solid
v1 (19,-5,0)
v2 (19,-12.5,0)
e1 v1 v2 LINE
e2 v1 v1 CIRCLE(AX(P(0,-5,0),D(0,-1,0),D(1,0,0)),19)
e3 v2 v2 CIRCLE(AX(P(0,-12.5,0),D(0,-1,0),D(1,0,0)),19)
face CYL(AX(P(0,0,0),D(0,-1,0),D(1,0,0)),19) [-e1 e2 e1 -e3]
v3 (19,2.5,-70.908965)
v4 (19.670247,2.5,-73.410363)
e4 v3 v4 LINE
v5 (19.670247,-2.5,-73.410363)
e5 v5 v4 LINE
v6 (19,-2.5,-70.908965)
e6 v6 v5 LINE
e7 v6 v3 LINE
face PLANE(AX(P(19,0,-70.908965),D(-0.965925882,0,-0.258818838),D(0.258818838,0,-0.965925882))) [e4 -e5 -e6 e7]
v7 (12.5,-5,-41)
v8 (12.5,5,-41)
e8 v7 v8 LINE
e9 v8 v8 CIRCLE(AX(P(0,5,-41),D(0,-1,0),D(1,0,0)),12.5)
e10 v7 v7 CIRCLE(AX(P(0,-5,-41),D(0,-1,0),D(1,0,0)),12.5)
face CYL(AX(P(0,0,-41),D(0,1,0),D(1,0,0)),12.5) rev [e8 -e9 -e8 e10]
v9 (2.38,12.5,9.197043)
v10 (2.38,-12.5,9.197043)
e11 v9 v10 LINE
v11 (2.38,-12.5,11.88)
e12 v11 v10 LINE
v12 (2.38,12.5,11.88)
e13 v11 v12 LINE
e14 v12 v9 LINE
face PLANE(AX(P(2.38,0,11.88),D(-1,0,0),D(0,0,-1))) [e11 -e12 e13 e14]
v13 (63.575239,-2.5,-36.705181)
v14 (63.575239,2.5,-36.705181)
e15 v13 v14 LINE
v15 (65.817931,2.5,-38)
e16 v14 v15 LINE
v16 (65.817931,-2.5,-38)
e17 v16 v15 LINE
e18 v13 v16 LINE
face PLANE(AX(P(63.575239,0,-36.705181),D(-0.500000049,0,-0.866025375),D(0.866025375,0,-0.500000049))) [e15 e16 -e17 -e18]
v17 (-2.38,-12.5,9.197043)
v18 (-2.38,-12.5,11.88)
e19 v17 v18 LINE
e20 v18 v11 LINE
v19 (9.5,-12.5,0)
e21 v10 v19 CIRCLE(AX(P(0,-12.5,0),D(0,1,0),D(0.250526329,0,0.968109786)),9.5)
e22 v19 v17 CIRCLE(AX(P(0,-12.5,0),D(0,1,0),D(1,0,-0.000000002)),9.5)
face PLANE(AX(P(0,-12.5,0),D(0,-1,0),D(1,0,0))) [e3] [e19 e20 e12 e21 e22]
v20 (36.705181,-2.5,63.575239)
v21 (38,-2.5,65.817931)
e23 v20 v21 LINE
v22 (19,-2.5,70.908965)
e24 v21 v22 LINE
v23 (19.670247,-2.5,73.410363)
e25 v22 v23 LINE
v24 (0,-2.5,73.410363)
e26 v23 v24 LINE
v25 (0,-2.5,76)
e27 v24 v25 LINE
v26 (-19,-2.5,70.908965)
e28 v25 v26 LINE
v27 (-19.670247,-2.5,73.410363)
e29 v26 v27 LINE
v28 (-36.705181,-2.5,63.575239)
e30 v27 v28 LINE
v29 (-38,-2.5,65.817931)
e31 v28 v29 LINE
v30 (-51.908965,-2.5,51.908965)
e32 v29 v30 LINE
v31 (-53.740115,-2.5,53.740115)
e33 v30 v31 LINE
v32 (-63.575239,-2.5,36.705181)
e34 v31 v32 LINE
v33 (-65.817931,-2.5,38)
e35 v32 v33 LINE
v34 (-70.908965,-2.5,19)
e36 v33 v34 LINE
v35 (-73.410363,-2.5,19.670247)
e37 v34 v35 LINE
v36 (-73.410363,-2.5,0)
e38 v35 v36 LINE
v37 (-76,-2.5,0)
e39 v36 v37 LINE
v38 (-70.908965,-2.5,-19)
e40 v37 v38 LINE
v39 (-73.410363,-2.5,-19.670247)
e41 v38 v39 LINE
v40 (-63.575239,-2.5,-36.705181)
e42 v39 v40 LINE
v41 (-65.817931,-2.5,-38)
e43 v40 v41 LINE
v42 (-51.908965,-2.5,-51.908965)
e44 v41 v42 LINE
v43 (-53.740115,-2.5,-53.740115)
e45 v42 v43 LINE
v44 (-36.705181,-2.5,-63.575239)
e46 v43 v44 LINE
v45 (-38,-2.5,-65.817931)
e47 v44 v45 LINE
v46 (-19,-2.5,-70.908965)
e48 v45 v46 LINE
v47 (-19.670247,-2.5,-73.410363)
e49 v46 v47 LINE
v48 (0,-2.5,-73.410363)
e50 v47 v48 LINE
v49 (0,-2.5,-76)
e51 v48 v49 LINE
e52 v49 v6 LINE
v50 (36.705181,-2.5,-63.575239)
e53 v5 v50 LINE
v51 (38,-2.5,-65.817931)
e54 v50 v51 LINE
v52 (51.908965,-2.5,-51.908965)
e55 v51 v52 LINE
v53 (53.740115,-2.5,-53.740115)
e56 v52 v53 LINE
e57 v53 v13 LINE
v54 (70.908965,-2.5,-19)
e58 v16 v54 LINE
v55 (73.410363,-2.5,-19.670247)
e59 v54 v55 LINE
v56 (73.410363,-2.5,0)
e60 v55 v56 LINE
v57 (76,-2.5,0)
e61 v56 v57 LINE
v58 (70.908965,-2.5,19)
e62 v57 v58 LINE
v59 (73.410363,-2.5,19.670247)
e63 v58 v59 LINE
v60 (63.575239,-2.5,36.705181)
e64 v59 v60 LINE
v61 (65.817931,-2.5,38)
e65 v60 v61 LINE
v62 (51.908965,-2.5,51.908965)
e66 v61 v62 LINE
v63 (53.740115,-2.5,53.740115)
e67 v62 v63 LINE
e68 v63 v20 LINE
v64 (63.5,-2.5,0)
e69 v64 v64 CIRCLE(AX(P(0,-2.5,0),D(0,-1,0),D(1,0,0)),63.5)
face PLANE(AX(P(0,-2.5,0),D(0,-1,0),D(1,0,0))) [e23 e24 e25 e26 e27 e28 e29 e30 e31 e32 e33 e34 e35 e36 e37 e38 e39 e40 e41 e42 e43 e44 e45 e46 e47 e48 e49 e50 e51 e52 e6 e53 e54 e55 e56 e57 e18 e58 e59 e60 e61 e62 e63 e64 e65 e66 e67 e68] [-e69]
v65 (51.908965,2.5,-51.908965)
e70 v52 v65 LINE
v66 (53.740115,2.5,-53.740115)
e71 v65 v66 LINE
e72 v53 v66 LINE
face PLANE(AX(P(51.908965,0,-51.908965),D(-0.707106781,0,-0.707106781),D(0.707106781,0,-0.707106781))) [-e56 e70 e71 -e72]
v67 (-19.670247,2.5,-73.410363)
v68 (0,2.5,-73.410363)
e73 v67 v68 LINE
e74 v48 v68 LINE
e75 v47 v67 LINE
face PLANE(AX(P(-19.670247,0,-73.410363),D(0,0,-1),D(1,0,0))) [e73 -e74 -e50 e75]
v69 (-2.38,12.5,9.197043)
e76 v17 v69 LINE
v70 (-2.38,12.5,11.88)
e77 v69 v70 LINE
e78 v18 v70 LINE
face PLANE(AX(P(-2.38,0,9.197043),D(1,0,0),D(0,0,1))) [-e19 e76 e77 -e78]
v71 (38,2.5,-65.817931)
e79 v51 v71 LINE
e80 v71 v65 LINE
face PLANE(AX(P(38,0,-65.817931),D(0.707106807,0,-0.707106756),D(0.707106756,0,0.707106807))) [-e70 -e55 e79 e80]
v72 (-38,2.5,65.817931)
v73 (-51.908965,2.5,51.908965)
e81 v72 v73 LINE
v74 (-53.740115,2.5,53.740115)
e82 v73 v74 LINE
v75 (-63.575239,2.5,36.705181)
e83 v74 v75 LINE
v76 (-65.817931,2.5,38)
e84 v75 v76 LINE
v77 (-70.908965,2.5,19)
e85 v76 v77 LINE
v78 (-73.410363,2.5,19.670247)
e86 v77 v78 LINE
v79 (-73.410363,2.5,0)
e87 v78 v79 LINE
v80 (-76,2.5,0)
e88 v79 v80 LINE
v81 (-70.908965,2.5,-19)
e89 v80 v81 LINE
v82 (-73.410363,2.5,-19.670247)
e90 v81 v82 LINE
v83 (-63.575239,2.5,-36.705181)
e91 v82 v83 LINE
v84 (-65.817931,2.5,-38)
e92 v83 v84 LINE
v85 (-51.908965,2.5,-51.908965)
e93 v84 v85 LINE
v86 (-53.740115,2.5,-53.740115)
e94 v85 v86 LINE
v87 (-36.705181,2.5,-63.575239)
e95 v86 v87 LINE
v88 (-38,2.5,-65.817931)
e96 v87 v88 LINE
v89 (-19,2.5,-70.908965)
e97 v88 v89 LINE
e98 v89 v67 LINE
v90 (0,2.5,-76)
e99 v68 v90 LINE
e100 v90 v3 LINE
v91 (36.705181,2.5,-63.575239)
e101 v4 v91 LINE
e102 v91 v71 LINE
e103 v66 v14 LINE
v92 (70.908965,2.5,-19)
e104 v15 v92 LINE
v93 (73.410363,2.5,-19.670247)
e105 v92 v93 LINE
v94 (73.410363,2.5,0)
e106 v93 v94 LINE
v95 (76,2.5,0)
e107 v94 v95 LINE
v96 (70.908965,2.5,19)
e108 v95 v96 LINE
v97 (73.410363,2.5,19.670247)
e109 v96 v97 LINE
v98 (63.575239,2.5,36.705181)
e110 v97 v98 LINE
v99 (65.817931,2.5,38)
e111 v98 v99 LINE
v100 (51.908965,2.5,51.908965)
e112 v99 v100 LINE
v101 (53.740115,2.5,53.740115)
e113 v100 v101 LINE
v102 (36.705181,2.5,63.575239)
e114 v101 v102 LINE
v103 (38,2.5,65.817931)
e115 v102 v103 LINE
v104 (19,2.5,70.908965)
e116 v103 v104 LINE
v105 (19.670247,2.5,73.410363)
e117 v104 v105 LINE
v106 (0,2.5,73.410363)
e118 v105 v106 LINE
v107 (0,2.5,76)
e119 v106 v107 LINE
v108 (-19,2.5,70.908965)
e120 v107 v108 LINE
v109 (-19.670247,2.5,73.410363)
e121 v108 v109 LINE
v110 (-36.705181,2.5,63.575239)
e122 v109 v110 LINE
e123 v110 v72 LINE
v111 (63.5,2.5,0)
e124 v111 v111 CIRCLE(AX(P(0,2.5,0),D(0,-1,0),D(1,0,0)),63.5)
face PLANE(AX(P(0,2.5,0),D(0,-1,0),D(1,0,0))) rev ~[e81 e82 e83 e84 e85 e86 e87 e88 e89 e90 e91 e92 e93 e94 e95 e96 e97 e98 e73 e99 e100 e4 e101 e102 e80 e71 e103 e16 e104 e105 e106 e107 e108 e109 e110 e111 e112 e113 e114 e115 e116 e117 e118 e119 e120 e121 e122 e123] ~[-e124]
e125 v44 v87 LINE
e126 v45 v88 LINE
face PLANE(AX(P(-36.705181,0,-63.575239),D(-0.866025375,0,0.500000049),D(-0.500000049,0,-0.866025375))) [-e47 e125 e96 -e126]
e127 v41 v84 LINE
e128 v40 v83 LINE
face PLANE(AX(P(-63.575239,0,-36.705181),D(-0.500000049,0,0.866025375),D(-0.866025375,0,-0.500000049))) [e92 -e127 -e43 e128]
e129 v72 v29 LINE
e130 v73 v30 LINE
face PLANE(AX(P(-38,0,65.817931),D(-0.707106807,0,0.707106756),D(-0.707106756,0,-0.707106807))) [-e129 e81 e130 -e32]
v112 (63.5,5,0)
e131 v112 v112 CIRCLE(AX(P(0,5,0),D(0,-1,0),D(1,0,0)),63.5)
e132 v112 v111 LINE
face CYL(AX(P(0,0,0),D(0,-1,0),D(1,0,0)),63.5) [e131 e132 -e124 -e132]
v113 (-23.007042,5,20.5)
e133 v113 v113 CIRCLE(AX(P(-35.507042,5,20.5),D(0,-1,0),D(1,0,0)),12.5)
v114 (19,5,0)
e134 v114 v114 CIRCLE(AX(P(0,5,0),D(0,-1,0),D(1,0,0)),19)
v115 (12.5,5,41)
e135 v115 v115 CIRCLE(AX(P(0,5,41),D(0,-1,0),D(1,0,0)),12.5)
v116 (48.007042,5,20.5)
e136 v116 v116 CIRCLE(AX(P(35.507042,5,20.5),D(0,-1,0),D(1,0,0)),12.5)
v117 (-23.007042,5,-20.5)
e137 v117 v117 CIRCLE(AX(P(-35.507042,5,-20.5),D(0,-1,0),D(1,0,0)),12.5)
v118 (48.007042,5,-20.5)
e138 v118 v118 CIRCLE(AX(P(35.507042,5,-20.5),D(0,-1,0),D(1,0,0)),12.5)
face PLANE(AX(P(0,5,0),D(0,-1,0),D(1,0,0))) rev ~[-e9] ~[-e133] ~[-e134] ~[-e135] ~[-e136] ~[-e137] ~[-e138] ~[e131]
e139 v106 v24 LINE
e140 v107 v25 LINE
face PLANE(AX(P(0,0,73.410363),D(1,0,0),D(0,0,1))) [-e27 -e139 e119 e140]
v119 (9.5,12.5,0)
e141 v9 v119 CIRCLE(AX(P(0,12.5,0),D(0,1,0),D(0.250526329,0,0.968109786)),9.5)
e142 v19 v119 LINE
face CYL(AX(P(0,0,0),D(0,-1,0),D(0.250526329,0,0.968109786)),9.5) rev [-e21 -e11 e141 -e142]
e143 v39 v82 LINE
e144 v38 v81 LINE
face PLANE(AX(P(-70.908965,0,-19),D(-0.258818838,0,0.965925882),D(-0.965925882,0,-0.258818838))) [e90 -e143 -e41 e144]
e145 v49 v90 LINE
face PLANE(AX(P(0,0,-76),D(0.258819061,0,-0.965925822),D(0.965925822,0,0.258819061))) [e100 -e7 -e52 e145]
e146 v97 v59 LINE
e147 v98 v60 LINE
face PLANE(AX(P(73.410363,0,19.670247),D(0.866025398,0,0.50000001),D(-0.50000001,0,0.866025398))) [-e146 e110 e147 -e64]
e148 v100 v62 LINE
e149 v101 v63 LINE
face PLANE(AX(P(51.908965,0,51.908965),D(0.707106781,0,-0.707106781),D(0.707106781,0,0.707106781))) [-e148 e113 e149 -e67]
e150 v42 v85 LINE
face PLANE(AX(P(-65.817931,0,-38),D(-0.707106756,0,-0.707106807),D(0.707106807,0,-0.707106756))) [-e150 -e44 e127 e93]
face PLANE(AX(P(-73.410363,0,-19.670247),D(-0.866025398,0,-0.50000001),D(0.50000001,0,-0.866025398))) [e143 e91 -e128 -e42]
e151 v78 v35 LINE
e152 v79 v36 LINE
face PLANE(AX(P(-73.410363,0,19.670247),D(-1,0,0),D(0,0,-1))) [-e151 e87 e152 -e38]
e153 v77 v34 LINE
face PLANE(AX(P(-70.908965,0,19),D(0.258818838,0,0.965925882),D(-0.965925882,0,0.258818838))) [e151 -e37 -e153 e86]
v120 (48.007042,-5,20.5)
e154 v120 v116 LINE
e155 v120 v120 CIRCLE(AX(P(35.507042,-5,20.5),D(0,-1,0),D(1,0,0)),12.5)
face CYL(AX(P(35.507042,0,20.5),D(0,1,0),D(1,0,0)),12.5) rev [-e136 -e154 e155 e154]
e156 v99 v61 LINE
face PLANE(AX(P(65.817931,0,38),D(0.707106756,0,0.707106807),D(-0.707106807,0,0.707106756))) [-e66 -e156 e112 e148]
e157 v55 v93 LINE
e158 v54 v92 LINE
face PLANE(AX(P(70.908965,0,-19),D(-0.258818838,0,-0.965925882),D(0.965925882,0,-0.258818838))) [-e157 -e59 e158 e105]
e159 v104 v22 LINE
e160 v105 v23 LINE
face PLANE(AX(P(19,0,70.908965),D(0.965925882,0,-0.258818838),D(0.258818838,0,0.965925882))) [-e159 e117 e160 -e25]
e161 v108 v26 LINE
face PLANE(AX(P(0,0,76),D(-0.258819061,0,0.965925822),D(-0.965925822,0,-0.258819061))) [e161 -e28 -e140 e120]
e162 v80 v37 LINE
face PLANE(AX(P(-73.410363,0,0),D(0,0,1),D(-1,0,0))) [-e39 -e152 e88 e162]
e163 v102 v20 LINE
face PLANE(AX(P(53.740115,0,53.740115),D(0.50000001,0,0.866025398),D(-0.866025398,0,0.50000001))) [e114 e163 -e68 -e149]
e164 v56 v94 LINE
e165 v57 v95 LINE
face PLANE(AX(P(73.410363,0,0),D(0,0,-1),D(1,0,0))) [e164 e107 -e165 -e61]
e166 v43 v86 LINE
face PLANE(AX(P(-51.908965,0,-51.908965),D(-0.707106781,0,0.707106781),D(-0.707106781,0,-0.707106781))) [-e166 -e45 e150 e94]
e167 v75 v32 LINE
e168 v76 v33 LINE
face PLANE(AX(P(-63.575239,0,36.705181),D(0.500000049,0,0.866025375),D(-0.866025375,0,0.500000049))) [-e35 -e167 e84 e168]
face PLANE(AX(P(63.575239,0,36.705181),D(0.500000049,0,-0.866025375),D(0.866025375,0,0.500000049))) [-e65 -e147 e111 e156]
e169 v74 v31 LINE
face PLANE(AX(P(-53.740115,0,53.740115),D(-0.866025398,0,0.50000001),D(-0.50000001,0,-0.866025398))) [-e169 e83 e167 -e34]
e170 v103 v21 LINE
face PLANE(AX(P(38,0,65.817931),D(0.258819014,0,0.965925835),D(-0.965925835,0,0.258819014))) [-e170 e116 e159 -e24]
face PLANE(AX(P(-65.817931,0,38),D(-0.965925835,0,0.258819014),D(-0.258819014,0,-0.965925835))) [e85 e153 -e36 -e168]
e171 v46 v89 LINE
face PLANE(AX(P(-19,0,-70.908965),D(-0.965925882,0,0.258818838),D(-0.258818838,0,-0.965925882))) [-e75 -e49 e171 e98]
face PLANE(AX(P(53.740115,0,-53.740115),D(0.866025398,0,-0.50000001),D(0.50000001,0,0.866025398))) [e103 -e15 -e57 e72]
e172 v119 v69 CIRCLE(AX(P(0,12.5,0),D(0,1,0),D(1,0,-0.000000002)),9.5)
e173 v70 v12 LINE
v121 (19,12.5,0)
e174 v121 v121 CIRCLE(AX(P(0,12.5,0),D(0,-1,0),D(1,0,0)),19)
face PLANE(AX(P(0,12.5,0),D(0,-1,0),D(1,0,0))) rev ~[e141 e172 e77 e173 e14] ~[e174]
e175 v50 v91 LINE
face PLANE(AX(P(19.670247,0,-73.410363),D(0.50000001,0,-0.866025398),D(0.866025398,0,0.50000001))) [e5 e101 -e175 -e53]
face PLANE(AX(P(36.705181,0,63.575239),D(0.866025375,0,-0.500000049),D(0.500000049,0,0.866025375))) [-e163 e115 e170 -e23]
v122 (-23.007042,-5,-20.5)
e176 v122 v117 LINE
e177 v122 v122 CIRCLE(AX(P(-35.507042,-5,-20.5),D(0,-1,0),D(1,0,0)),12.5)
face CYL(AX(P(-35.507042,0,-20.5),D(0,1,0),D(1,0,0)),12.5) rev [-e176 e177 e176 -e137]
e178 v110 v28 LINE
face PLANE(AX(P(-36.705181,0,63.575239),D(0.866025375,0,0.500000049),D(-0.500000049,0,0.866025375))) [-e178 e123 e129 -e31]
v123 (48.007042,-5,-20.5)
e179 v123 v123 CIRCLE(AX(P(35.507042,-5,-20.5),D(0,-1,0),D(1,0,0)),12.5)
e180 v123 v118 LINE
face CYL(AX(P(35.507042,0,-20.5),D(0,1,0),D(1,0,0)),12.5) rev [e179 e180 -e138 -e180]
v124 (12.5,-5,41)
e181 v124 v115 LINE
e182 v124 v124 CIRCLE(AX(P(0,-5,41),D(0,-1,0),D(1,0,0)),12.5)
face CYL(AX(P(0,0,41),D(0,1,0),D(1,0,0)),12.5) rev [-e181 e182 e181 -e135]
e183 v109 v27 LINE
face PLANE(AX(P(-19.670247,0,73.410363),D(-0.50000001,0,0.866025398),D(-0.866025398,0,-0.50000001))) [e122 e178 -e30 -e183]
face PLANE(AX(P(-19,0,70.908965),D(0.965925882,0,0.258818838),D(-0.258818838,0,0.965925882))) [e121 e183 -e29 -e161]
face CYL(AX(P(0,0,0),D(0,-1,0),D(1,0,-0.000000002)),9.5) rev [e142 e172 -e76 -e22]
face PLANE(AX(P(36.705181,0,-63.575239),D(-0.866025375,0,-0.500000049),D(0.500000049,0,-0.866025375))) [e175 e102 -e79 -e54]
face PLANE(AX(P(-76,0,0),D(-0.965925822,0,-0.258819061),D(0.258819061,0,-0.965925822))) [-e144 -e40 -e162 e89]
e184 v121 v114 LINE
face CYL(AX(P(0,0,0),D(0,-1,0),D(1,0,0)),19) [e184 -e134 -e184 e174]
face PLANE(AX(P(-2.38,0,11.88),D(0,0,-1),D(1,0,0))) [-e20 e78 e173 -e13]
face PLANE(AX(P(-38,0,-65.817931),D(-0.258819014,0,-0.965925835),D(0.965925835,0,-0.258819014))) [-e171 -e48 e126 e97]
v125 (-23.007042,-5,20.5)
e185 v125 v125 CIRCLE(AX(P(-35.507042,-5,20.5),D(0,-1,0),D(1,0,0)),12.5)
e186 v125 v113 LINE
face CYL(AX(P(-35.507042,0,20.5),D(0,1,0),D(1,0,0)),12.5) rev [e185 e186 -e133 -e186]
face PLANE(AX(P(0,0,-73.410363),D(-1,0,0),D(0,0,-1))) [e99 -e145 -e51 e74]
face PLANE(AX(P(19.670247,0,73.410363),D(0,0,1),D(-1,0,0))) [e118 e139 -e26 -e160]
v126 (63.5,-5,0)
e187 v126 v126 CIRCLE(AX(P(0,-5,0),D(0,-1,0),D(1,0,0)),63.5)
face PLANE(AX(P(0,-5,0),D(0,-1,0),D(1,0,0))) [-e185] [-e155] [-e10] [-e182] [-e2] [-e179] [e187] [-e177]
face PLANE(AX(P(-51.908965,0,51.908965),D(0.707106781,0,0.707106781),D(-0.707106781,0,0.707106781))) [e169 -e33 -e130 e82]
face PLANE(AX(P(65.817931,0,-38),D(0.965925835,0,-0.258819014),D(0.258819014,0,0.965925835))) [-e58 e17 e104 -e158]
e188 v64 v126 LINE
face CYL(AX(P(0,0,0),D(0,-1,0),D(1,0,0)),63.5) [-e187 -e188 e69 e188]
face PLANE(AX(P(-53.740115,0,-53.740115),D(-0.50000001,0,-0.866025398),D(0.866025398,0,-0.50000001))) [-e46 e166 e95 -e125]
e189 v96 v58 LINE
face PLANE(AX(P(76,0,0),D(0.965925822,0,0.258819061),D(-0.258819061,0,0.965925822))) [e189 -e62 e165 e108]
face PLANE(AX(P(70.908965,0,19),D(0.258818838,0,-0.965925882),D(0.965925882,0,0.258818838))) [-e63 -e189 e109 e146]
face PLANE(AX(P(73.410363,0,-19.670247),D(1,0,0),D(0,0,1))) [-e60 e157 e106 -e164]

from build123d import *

# Parameters (mm, degrees)
F0_R     = 63.5
F1_DEPTH = 2.5
F2_R     = 63.5
F2_R_2   = 12.5
F2_R_3   = 19
F3_DEPTH = 5
F4_R     = 19
F5_DEPTH = 12.5


with BuildPart() as f1:
    # F0 (on Front) → F1 (new body, symmetric)
    with BuildSketch(Plane.XZ):
        Polygon((76, 0), (70.908965, 19), (73.410363, 19.670247), (63.575239, 36.705181), (65.817931, 38), (51.908965, 51.908965), (53.740115, 53.740115), (36.705181, 63.575239), (38, 65.817931), (19, 70.908965), (19.670247, 73.410363), (0, 73.410363), (0, 76), (-19, 70.908965), (-19.670247, 73.410363), (-36.705181, 63.575239), (-38, 65.817931), (-51.908965, 51.908965), (-53.740115, 53.740115), (-63.575239, 36.705181), (-65.817931, 38), (-70.908965, 19), (-73.410363, 19.670247), (-73.410363, 0), (-76, 0), (-70.908965, -19), (-73.410363, -19.670247), (-63.575239, -36.705181), (-65.817931, -38), (-51.908965, -51.908965), (-53.740115, -53.740115), (-36.705181, -63.575239), (-38, -65.817931), (-19, -70.908965), (-19.670247, -73.410363), (0, -73.410363), (0, -76), (19, -70.908965), (19.670247, -73.410363), (36.705181, -63.575239), (38, -65.817931), (51.908965, -51.908965), (53.740115, -53.740115), (63.575239, -36.705181), (65.817931, -38), (70.908965, -19), (73.410363, -19.670247), (73.410363, 0), align=None)
        Circle(F0_R, mode=Mode.SUBTRACT)
    extrude(amount=F1_DEPTH, both=True)

    # F2 (on Front) → F3 (join, symmetric)
    with BuildSketch(Plane.XZ):
        Circle(F2_R)
        with Locations((-35.507042, -20.5)):
            Circle(F2_R_2, mode=Mode.SUBTRACT)
        with Locations((0, -41)):
            Circle(F2_R_2, mode=Mode.SUBTRACT)
        with Locations((35.507042, -20.5)):
            Circle(F2_R_2, mode=Mode.SUBTRACT)
        with Locations((-35.507042, 20.5)):
            Circle(F2_R_2, mode=Mode.SUBTRACT)
        Circle(F2_R_3, mode=Mode.SUBTRACT)
        with Locations((35.507042, 20.5)):
            Circle(F2_R_2, mode=Mode.SUBTRACT)
        with Locations((0, 41)):
            Circle(F2_R_2, mode=Mode.SUBTRACT)
    extrude(amount=F3_DEPTH, both=True)

    # F4 (on Front) → F5 (join, symmetric)
    with BuildSketch(Plane.XZ):
        Circle(F4_R)
        with BuildLine():
            ThreePointArc((2.38, 9.197043), (7.51199, 5.815497), (9.5, 0))
            ThreePointArc((9.5, 0), (-5.815497, -7.51199), (-2.38, 9.197043))
            Line((-2.38, 9.197043), (-2.38, 11.88))
            Line((-2.38, 11.88), (0, 11.88))
            Line((0, 11.88), (2.38, 11.88))
            Line((2.38, 11.88), (2.38, 9.197043))
        make_face(mode=Mode.SUBTRACT)
    extrude(amount=F5_DEPTH, both=True)


solid = f1.part
